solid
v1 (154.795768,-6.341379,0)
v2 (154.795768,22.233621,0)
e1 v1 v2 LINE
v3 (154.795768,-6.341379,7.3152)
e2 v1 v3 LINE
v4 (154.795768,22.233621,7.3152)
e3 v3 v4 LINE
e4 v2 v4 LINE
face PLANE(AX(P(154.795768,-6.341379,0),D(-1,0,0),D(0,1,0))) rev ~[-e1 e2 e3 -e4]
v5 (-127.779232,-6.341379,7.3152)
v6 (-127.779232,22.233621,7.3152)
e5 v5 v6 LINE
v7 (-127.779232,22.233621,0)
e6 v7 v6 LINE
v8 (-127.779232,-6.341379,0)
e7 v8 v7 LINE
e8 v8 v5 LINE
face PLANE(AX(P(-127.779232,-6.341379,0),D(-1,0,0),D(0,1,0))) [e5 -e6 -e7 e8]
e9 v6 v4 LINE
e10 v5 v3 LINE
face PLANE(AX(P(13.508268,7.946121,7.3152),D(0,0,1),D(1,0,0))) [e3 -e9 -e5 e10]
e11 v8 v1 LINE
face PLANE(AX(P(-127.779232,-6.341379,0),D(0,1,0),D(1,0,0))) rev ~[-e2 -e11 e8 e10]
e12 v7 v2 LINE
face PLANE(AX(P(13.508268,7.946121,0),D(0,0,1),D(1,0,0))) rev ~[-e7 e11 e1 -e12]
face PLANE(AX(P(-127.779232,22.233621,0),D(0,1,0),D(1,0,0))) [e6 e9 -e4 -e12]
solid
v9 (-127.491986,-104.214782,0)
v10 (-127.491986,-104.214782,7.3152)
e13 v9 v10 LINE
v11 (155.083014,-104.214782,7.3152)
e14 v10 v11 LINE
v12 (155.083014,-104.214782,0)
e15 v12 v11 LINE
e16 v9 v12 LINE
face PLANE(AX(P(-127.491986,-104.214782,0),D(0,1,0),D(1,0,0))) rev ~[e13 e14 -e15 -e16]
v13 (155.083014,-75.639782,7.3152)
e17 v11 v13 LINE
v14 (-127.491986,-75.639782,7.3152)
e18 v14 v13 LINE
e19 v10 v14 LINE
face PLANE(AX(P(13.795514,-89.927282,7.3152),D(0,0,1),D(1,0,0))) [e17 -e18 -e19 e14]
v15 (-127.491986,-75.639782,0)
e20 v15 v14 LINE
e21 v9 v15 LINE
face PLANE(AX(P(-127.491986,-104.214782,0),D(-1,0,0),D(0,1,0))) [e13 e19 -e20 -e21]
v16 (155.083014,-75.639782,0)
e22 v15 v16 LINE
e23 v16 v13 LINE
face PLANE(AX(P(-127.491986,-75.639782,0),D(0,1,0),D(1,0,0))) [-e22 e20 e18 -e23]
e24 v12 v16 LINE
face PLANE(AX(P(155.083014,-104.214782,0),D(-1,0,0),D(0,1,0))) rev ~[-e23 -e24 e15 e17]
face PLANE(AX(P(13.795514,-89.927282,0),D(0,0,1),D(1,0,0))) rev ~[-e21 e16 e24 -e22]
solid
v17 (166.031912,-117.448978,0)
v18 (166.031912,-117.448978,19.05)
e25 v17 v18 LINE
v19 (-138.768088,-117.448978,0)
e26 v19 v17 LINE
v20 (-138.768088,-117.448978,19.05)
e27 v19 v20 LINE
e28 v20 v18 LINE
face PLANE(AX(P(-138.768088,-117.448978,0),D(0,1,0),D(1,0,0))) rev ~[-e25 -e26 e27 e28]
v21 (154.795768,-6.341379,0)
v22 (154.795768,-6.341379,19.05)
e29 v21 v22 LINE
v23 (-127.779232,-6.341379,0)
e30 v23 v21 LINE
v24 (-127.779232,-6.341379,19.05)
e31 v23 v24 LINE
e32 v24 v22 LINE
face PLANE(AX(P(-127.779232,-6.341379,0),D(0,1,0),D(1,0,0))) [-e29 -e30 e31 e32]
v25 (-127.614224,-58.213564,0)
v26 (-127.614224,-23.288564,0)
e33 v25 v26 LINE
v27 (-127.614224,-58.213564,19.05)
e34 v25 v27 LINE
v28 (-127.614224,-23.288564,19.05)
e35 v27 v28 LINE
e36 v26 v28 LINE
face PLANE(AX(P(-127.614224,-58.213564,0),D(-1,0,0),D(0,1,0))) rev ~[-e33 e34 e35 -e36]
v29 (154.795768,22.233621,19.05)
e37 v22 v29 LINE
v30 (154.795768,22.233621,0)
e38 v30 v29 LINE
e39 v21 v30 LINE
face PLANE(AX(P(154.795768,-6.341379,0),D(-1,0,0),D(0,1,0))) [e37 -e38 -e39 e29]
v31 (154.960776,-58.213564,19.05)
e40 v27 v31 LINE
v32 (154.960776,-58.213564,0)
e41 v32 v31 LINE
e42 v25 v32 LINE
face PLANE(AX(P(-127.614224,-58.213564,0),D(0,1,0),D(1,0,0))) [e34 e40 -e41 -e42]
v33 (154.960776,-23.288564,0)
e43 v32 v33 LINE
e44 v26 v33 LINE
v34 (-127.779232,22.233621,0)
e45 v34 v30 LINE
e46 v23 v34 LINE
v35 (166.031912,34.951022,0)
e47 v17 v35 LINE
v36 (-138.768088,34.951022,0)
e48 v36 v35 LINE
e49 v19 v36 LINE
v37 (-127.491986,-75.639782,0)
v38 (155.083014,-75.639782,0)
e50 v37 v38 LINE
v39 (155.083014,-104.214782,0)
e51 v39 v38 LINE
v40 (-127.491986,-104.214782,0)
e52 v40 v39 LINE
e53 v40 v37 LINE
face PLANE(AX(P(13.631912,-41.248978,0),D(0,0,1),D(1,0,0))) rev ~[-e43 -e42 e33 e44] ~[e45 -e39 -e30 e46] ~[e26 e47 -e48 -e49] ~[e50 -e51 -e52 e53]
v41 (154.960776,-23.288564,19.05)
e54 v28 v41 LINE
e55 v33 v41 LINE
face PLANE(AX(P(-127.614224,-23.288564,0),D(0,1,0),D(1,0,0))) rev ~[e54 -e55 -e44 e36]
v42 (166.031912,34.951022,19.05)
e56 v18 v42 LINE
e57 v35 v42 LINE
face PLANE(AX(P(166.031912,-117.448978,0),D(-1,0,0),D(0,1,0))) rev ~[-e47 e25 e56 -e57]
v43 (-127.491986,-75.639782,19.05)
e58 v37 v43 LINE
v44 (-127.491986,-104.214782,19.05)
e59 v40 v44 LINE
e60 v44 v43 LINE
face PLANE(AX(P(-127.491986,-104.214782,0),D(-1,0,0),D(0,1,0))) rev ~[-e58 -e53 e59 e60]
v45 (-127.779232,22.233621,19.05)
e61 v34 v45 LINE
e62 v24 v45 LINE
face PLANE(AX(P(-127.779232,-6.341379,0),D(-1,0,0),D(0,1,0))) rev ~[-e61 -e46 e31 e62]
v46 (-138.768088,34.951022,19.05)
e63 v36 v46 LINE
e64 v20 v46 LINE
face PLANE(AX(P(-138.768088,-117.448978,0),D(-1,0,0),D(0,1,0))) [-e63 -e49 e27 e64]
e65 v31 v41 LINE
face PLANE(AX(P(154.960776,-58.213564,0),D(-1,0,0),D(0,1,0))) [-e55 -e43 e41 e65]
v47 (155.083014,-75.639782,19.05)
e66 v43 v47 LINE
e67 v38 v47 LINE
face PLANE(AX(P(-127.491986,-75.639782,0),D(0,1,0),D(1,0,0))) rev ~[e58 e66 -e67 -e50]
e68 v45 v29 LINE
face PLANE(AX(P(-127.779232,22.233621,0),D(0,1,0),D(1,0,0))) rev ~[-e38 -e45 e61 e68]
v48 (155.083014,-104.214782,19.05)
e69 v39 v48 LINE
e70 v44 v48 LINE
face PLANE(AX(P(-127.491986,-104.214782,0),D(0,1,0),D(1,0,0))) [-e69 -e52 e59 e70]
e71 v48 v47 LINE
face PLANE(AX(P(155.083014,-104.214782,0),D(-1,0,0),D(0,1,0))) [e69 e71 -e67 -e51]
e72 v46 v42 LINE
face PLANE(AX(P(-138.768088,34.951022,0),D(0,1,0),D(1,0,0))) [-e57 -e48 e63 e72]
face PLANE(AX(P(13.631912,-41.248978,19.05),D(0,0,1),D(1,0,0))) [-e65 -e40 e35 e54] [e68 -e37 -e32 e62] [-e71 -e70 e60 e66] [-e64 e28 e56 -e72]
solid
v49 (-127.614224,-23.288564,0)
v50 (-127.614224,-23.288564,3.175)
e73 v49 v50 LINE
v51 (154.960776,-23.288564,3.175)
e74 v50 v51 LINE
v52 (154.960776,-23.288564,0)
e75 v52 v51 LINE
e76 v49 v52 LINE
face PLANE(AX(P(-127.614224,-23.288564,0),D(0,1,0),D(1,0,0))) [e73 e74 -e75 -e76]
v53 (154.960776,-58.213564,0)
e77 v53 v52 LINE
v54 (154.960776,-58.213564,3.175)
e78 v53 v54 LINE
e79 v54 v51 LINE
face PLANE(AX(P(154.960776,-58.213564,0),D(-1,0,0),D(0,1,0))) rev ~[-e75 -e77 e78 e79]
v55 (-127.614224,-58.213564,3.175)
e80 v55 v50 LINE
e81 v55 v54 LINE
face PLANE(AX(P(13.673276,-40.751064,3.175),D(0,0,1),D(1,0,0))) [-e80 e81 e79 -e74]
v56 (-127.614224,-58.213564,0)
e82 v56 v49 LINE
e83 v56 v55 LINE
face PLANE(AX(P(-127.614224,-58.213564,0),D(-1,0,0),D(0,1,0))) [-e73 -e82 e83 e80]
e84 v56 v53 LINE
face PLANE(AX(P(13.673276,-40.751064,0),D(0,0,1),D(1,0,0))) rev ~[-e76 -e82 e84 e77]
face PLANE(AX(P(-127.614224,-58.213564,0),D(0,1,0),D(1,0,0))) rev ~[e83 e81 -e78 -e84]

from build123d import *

# Parameters (mm, degrees)
F0_W     = 282.575
F0_H     = 28.575
F1_DEPTH = 7.3152
F0_H_2   = 34.925
F2_DEPTH = 3.175
F0_W_2   = 304.8
F0_H_3   = 152.4
F3_DEPTH = 19.05


with BuildPart() as f1:
    # F0 (on Top) → F1 (new body)
    with BuildSketch(Plane.XY):
        with Locations((13.795514, -89.927282)):
            Rectangle(F0_W, F0_H)
        with Locations((13.508268, 7.946121)):
            Rectangle(F0_W, F0_H)
    extrude(amount=F1_DEPTH)


with BuildPart() as f2:
    # F0 (on Top) → F2 (new body)
    with BuildSketch(Plane.XY):
        with Locations((13.673276, -40.751064)):
            Rectangle(F0_W, F0_H_2)
    extrude(amount=F2_DEPTH)


with BuildPart() as f3:
    # F0 (on Top) → F3 (new body)
    with BuildSketch(Plane.XY):
        with Locations((13.631912, -41.248978)):
            Rectangle(F0_W_2, F0_H_3)
        with Locations((13.795514, -89.927282)):
            Rectangle(F0_W, F0_H, mode=Mode.SUBTRACT)
        with Locations((13.508268, 7.946121)):
            Rectangle(F0_W, F0_H, mode=Mode.SUBTRACT)
        with Locations((13.673276, -40.751064)):
            Rectangle(F0_W, F0_H_2, mode=Mode.SUBTRACT)
    extrude(amount=F3_DEPTH)


solid = Compound([f1.part, f2.part, f3.part])
